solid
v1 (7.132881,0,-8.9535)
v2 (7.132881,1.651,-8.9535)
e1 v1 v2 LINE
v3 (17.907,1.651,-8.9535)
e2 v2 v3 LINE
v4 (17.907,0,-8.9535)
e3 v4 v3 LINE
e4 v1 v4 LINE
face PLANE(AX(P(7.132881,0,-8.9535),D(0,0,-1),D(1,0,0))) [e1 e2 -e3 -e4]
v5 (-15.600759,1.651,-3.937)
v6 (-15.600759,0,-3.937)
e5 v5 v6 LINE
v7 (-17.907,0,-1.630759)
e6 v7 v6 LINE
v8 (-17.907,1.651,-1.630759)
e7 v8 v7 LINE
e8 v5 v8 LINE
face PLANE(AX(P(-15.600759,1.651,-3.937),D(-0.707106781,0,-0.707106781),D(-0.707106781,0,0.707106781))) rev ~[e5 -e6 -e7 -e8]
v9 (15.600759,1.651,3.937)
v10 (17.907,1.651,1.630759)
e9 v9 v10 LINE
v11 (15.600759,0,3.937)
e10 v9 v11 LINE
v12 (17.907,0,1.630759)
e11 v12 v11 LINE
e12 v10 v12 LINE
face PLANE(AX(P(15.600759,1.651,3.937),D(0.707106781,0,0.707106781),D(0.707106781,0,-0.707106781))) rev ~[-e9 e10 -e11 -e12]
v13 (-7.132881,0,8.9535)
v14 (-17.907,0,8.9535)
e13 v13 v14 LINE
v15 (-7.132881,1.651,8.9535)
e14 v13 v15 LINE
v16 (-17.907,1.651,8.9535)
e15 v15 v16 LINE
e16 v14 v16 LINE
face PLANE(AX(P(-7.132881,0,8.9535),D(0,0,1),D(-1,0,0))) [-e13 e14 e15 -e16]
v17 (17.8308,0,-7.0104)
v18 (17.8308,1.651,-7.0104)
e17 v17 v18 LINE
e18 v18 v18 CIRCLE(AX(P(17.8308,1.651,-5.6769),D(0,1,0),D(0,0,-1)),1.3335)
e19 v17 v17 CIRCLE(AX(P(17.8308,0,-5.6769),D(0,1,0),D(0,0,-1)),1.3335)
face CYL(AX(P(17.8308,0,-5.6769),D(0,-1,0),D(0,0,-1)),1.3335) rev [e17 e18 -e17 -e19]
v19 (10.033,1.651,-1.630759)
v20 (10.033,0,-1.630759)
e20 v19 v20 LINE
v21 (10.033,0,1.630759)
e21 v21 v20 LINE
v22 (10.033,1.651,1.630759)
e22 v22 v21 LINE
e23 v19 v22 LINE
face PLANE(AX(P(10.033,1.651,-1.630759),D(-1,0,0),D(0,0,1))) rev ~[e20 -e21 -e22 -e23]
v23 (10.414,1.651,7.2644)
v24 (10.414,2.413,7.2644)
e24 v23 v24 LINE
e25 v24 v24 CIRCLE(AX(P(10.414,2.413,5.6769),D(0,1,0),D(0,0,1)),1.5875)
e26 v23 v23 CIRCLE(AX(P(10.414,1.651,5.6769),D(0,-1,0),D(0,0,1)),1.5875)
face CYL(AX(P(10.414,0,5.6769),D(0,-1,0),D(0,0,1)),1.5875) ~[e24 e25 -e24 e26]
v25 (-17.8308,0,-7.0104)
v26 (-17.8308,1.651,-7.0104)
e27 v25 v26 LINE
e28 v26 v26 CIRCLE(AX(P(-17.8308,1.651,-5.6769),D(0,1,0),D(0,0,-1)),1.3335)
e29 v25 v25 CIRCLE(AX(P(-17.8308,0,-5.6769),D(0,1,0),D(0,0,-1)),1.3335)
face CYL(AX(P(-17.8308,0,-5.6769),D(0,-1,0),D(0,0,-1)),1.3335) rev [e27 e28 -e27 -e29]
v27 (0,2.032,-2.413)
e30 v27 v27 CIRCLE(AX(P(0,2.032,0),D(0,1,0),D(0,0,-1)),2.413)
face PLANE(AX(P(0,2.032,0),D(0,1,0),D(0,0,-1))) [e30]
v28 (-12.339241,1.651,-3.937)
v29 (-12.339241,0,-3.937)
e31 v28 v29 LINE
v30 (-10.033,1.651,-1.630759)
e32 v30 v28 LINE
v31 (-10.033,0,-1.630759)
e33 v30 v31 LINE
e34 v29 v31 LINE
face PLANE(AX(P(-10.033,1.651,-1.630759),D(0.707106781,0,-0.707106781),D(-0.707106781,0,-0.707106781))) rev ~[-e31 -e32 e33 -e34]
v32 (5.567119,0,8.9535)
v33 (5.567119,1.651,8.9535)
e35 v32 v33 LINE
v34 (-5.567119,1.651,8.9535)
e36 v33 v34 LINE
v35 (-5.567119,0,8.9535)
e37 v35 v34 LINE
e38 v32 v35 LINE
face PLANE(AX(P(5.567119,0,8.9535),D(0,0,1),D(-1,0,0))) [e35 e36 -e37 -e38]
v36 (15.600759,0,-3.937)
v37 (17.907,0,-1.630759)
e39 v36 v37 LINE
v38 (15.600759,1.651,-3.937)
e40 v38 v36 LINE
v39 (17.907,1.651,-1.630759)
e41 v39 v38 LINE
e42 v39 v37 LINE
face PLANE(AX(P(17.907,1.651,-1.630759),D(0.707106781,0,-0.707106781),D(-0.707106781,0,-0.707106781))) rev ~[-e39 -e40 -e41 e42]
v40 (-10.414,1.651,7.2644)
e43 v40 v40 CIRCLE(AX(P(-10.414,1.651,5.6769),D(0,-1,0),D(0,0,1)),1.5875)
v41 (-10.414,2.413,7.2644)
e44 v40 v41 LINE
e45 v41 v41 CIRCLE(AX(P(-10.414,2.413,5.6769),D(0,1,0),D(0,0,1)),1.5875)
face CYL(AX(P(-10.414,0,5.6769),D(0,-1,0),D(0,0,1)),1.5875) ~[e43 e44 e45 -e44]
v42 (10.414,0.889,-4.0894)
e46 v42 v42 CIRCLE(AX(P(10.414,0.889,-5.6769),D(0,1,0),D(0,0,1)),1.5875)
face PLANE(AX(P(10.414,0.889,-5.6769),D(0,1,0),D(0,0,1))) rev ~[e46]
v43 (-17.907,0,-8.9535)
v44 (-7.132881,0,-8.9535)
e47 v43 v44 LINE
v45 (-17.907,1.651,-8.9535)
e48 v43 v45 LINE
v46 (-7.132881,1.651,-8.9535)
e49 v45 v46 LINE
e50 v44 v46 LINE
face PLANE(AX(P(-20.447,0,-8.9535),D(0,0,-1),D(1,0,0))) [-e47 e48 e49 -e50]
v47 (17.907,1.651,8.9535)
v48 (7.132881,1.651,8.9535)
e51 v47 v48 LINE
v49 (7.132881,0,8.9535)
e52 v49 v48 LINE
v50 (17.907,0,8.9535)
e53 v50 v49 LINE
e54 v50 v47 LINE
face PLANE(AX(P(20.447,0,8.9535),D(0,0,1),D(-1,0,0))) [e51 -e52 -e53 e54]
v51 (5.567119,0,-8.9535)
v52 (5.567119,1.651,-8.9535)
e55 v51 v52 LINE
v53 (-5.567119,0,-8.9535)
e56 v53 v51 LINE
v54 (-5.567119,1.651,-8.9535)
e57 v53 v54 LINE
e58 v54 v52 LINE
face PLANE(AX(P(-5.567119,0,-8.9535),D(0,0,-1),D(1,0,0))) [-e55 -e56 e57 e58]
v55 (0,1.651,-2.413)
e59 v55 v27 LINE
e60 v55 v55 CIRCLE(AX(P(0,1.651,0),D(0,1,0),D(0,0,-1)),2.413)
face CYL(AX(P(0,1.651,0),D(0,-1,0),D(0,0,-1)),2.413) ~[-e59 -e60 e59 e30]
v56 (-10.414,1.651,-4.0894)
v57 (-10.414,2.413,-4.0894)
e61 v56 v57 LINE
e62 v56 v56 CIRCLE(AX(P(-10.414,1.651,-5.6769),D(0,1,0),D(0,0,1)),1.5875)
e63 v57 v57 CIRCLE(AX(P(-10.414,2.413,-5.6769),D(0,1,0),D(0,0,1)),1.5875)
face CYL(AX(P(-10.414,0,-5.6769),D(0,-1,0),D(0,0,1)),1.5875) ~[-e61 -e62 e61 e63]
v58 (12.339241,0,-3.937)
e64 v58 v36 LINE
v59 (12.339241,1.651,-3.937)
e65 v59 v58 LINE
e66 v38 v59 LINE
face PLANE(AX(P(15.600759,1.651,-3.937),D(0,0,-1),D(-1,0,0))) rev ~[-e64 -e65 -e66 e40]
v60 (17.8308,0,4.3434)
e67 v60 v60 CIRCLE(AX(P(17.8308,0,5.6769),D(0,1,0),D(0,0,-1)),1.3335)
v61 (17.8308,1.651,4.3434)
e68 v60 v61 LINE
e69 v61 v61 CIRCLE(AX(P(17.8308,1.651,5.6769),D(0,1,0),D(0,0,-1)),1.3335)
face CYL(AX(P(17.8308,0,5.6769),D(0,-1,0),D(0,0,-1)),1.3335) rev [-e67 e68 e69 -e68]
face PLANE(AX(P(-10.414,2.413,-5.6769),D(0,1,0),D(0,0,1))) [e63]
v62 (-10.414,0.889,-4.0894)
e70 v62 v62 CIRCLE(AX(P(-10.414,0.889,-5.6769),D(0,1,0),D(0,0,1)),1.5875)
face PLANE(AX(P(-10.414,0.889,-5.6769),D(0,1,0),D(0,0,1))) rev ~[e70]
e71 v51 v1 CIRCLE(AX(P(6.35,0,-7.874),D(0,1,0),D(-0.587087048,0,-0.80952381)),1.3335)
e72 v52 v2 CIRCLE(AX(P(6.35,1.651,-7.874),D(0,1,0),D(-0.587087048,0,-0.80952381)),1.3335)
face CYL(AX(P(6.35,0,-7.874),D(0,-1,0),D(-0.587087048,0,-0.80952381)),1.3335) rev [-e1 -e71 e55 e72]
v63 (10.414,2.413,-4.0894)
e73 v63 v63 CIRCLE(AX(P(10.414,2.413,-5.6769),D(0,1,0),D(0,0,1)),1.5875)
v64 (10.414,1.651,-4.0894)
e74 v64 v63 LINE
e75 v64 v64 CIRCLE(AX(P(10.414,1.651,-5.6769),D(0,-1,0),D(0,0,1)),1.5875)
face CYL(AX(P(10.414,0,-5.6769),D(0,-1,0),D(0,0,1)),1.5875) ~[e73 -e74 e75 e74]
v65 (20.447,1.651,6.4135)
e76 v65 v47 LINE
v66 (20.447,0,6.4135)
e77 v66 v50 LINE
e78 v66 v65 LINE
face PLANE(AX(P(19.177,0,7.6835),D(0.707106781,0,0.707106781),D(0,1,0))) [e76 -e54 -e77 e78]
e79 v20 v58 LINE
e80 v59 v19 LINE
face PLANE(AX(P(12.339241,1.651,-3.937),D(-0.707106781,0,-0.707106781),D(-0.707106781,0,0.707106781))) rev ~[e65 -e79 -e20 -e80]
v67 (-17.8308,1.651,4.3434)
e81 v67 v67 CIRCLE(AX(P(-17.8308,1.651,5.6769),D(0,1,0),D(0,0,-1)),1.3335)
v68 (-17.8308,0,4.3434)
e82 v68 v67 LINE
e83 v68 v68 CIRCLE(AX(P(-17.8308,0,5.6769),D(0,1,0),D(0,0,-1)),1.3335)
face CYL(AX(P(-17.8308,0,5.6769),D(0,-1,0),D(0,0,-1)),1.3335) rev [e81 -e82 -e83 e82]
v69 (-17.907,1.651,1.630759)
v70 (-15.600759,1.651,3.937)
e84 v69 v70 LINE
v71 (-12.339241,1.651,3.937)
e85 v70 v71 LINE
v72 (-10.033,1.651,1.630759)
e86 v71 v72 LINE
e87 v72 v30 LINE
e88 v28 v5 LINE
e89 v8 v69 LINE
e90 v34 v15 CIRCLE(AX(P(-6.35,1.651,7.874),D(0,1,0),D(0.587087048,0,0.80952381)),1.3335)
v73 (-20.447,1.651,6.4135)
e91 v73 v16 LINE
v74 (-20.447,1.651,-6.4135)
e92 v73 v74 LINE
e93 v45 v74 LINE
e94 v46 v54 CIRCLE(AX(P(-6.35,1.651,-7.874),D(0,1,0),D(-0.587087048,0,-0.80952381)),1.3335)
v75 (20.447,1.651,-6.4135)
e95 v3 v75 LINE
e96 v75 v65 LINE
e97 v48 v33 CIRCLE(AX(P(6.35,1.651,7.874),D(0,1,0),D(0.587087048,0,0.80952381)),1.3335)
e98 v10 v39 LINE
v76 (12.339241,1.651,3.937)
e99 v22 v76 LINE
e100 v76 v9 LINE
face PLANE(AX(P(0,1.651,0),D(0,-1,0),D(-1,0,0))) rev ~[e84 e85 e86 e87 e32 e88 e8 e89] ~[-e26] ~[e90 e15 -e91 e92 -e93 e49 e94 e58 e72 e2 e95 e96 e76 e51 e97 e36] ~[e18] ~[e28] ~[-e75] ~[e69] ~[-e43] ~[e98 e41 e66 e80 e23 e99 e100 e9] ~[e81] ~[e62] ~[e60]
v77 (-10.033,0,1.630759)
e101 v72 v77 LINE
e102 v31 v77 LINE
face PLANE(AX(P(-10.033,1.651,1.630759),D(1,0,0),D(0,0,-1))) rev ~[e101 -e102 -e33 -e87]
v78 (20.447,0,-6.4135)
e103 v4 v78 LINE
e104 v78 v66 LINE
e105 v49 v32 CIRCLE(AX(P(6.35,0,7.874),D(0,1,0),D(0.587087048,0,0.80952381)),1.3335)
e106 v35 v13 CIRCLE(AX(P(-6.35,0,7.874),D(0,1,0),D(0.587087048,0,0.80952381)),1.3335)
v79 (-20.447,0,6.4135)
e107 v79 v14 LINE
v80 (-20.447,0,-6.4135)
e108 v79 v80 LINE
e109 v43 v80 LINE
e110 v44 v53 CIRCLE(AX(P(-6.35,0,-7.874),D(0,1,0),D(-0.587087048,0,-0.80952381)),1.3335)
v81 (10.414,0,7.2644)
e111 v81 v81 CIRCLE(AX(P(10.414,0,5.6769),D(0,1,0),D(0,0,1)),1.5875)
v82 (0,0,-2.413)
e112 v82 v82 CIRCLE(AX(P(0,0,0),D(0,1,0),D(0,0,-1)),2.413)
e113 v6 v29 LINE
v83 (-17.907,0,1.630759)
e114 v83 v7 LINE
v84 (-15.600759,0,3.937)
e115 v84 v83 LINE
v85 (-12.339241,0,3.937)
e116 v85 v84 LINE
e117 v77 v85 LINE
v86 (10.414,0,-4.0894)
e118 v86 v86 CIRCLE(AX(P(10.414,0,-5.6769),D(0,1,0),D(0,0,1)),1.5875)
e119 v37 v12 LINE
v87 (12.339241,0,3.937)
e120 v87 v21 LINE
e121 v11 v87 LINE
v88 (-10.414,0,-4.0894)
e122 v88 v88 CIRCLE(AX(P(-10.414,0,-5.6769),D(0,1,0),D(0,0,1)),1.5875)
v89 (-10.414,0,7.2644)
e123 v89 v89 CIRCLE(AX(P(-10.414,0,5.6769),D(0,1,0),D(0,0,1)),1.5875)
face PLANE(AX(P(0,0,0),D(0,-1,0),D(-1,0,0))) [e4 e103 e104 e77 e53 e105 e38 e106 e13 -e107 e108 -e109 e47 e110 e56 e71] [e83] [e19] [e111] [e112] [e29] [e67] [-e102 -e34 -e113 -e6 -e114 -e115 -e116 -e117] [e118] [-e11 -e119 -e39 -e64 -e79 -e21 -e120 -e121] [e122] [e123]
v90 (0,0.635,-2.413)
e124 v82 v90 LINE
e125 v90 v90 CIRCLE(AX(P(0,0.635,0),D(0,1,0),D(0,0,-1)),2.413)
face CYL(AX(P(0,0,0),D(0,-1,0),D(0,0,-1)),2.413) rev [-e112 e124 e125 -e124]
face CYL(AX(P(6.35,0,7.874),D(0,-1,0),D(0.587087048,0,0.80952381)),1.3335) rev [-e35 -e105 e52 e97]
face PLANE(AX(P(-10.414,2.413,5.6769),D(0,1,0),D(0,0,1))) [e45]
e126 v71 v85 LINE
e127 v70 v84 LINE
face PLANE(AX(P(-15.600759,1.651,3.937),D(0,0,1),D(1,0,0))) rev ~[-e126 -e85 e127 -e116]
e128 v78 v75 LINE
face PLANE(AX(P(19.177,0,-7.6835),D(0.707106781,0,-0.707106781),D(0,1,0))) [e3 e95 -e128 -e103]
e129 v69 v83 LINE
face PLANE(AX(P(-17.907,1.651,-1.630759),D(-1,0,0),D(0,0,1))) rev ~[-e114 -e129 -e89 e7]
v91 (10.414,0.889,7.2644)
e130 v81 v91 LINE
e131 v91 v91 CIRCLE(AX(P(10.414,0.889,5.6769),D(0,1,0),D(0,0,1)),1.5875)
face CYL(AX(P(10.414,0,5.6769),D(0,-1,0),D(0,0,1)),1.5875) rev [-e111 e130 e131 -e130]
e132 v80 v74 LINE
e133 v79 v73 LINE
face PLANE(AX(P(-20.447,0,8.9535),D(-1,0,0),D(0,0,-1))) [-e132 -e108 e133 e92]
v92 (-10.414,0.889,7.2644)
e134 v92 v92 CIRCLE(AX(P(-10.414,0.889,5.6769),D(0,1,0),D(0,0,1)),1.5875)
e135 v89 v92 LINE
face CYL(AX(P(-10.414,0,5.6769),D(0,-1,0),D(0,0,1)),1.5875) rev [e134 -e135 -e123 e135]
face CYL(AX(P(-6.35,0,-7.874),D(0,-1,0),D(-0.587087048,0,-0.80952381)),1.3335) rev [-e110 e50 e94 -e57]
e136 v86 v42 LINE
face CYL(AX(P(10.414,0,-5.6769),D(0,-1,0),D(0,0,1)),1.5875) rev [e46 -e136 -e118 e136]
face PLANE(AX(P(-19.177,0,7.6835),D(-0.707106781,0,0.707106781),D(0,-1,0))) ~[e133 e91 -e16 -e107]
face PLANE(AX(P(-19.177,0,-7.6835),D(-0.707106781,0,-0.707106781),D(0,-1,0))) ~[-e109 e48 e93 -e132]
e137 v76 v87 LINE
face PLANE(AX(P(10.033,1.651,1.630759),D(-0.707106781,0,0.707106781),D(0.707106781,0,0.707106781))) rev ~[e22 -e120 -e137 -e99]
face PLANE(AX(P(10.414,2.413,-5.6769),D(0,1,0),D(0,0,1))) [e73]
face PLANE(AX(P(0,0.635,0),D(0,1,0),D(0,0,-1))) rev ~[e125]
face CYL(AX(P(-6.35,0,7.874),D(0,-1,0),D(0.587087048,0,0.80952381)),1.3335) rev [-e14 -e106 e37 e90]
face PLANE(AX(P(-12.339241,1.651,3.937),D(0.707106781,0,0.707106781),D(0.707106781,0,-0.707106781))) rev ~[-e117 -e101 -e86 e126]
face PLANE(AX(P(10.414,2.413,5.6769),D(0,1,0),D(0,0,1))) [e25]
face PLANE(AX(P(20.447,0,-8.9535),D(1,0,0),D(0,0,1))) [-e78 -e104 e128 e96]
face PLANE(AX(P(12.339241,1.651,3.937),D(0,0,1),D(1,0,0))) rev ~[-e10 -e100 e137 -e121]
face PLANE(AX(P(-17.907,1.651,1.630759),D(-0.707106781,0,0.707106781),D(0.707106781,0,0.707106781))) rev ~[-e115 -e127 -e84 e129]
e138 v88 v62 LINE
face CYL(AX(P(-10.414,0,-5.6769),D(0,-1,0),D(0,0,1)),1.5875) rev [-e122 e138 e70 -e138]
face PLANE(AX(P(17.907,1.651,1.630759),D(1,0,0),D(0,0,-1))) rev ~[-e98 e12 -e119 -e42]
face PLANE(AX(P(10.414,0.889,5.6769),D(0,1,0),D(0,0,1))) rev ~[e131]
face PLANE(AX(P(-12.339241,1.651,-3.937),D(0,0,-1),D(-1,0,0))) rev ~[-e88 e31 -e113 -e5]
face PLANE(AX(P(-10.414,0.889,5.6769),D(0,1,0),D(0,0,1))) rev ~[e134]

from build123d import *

# Parameters (mm, degrees)
SKETCH1_R           = 1.3335
SKETCH1_R_2         = 1.5875
BOSS_EXTRUDE1_DEPTH = 1.651
CHAMFER1_SIZE       = 2.54
SKETCH1_2_R         = 1.5875
BOSS_EXTRUDE2_DEPTH = 2.413
SKETCH1_3_R         = 1.5875
CUT_EXTRUDE1_DEPTH  = 0.889
CUT_EXTRUDE3_DEPTH  = 23.382376376
SKETCH4_R           = 2.413
BOSS_EXTRUDE3_DEPTH = 0.381
CUT_EXTRUDE4_START  = -1.651
SKETCH4_2_R         = 2.413
CUT_EXTRUDE4_DEPTH  = 0.635


with BuildPart() as part:
    # Sketch1 → Boss-Extrude1 (new body)
    with BuildSketch(Plane(origin=(0, 0, 0), x_dir=(1, 0, 0), z_dir=(0, 1, 0))):
        with BuildLine():
            Line((-5.567119422, 8.9535), (5.567119422, 8.9535))
            ThreePointArc((5.567119422, 8.9535), (6.35, 6.5405), (7.132880578, 8.9535))
            Line((7.132880578, 8.9535), (20.447, 8.9535))
            Line((20.447, 8.9535), (20.447, -8.9535))
            Line((20.447, -8.9535), (7.132880578, -8.9535))
            ThreePointArc((7.132880578, -8.9535), (6.35, -6.5405), (5.567119422, -8.9535))
            Line((5.567119422, -8.9535), (-5.567119422, -8.9535))
            ThreePointArc((-5.567119422, -8.9535), (-6.35, -6.5405), (-7.132880578, -8.9535))
            Line((-7.132880578, -8.9535), (-20.447, -8.9535))
            Line((-20.447, -8.9535), (-20.447, 8.9535))
            Line((-20.447, 8.9535), (-7.132880578, 8.9535))
            ThreePointArc((-7.132880578, 8.9535), (-6.35, 6.5405), (-5.567119422, 8.9535))
        make_face()
        with Locations(Location((-17.8308, 5.6769, 0), (0, 0, 90))):
            Circle(SKETCH1_R, mode=Mode.SUBTRACT)
        with Locations(Location((17.8308, 5.6769, 0), (0, 0, 90))):
            Circle(SKETCH1_R, mode=Mode.SUBTRACT)
        with Locations(Location((17.8308, -5.6769, 0), (0, 0, 90))):
            Circle(SKETCH1_R, mode=Mode.SUBTRACT)
        with Locations(Location((-17.8308, -5.6769, 0), (0, 0, 90))):
            Circle(SKETCH1_R, mode=Mode.SUBTRACT)
        with Locations(Location((-10.414, 5.6769, 0), (0, 0, 90))):
            Circle(SKETCH1_R_2, mode=Mode.SUBTRACT)
        with Locations(Location((10.414, 5.6769, 0), (0, 0, 90))):
            Circle(SKETCH1_R_2, mode=Mode.SUBTRACT)
        with Locations(Location((10.414, -5.6769, 0), (0, 0, 90))):
            Circle(SKETCH1_R_2, mode=Mode.SUBTRACT)
        with Locations(Location((-10.414, -5.6769, 0), (0, 0, 90))):
            Circle(SKETCH1_R_2, mode=Mode.SUBTRACT)
    extrude(amount=BOSS_EXTRUDE1_DEPTH)

    # Chamfer1
    chamfer1_edges = [part.edges().sort_by_distance(p)[0] for p in [
        (20.447, 0.8255, -8.9535),
        (20.447, 0.8255, 8.9535),
        (-20.447, 0.8255, 8.9535),
        (-20.447, 0.8255, -8.9535),
    ]]
    chamfer(chamfer1_edges, length=CHAMFER1_SIZE)

    # Sketch1<2> → Boss-Extrude2 (add)
    with BuildSketch(Plane(origin=(0, 0, 0), x_dir=(1, 0, 0), z_dir=(0, 1, 0))):
        with Locations(Location((-10.414, 5.6769, 0), (0, 0, 270))):
            Circle(SKETCH1_2_R)
        with Locations(Location((10.414, 5.6769, 0), (0, 0, 270))):
            Circle(SKETCH1_2_R)
        with Locations(Location((10.414, -5.6769, 0), (0, 0, 270))):
            Circle(SKETCH1_2_R)
        with Locations(Location((-10.414, -5.6769, 0), (0, 0, 270))):
            Circle(SKETCH1_2_R)
    extrude(amount=BOSS_EXTRUDE2_DEPTH)

    # Sketch1<3> → Cut-Extrude1 (cut)
    with BuildSketch(Plane(origin=(0, 0, 0), x_dir=(1, 0, 0), z_dir=(0, 1, 0))):
        with Locations(Location((-10.414, 5.6769, 0), (0, 0, 270))):
            Circle(SKETCH1_3_R)
        with Locations(Location((10.414, 5.6769, 0), (0, 0, 270))):
            Circle(SKETCH1_3_R)
        with Locations(Location((10.414, -5.6769, 0), (0, 0, 270))):
            Circle(SKETCH1_3_R)
        with Locations(Location((-10.414, -5.6769, 0), (0, 0, 270))):
            Circle(SKETCH1_3_R)
    extrude(amount=CUT_EXTRUDE1_DEPTH, mode=Mode.SUBTRACT)

    # Sketch3 → Cut-Extrude3 (cut, through all)
    with BuildSketch(Plane(origin=(0, 1.651, 0), x_dir=(1, 0, 0), z_dir=(0, 1, 0))):
        Polygon((-10.033, 1.630758795), (-12.339241205, 3.937), (-15.600758795, 3.937), (-17.907, 1.630758795), (-17.907, -1.630758795), (-15.600758795, -3.937), (-12.339241205, -3.937), (-10.033, -1.630758795), align=None)
        Polygon((17.907, 1.630758795), (15.600758795, 3.937), (12.339241205, 3.937), (10.033, 1.630758795), (10.033, -1.630758795), (12.339241205, -3.937), (15.600758795, -3.937), (17.907, -1.630758795), align=None)
    extrude(amount=-CUT_EXTRUDE3_DEPTH, mode=Mode.SUBTRACT)

    # Sketch4 → Boss-Extrude3 (add)
    with BuildSketch(Plane(origin=(0, 1.651, 0), x_dir=(1, 0, 0), z_dir=(0, 1, 0))):
        with Locations(Location((0, 0, 0), (0, 0, 90))):
            Circle(SKETCH4_R)
    extrude(amount=BOSS_EXTRUDE3_DEPTH)

    # Sketch4<2> → Cut-Extrude4 (cut)
    with BuildSketch(Plane(origin=(0, 1.651, 0), x_dir=(1, 0, 0), z_dir=(0, 1, 0)).offset(CUT_EXTRUDE4_START)):
        with Locations(Location((0, 0, 0), (0, 0, 90))):
            Circle(SKETCH4_2_R)
    extrude(amount=CUT_EXTRUDE4_DEPTH, mode=Mode.SUBTRACT)


solid = part.part
